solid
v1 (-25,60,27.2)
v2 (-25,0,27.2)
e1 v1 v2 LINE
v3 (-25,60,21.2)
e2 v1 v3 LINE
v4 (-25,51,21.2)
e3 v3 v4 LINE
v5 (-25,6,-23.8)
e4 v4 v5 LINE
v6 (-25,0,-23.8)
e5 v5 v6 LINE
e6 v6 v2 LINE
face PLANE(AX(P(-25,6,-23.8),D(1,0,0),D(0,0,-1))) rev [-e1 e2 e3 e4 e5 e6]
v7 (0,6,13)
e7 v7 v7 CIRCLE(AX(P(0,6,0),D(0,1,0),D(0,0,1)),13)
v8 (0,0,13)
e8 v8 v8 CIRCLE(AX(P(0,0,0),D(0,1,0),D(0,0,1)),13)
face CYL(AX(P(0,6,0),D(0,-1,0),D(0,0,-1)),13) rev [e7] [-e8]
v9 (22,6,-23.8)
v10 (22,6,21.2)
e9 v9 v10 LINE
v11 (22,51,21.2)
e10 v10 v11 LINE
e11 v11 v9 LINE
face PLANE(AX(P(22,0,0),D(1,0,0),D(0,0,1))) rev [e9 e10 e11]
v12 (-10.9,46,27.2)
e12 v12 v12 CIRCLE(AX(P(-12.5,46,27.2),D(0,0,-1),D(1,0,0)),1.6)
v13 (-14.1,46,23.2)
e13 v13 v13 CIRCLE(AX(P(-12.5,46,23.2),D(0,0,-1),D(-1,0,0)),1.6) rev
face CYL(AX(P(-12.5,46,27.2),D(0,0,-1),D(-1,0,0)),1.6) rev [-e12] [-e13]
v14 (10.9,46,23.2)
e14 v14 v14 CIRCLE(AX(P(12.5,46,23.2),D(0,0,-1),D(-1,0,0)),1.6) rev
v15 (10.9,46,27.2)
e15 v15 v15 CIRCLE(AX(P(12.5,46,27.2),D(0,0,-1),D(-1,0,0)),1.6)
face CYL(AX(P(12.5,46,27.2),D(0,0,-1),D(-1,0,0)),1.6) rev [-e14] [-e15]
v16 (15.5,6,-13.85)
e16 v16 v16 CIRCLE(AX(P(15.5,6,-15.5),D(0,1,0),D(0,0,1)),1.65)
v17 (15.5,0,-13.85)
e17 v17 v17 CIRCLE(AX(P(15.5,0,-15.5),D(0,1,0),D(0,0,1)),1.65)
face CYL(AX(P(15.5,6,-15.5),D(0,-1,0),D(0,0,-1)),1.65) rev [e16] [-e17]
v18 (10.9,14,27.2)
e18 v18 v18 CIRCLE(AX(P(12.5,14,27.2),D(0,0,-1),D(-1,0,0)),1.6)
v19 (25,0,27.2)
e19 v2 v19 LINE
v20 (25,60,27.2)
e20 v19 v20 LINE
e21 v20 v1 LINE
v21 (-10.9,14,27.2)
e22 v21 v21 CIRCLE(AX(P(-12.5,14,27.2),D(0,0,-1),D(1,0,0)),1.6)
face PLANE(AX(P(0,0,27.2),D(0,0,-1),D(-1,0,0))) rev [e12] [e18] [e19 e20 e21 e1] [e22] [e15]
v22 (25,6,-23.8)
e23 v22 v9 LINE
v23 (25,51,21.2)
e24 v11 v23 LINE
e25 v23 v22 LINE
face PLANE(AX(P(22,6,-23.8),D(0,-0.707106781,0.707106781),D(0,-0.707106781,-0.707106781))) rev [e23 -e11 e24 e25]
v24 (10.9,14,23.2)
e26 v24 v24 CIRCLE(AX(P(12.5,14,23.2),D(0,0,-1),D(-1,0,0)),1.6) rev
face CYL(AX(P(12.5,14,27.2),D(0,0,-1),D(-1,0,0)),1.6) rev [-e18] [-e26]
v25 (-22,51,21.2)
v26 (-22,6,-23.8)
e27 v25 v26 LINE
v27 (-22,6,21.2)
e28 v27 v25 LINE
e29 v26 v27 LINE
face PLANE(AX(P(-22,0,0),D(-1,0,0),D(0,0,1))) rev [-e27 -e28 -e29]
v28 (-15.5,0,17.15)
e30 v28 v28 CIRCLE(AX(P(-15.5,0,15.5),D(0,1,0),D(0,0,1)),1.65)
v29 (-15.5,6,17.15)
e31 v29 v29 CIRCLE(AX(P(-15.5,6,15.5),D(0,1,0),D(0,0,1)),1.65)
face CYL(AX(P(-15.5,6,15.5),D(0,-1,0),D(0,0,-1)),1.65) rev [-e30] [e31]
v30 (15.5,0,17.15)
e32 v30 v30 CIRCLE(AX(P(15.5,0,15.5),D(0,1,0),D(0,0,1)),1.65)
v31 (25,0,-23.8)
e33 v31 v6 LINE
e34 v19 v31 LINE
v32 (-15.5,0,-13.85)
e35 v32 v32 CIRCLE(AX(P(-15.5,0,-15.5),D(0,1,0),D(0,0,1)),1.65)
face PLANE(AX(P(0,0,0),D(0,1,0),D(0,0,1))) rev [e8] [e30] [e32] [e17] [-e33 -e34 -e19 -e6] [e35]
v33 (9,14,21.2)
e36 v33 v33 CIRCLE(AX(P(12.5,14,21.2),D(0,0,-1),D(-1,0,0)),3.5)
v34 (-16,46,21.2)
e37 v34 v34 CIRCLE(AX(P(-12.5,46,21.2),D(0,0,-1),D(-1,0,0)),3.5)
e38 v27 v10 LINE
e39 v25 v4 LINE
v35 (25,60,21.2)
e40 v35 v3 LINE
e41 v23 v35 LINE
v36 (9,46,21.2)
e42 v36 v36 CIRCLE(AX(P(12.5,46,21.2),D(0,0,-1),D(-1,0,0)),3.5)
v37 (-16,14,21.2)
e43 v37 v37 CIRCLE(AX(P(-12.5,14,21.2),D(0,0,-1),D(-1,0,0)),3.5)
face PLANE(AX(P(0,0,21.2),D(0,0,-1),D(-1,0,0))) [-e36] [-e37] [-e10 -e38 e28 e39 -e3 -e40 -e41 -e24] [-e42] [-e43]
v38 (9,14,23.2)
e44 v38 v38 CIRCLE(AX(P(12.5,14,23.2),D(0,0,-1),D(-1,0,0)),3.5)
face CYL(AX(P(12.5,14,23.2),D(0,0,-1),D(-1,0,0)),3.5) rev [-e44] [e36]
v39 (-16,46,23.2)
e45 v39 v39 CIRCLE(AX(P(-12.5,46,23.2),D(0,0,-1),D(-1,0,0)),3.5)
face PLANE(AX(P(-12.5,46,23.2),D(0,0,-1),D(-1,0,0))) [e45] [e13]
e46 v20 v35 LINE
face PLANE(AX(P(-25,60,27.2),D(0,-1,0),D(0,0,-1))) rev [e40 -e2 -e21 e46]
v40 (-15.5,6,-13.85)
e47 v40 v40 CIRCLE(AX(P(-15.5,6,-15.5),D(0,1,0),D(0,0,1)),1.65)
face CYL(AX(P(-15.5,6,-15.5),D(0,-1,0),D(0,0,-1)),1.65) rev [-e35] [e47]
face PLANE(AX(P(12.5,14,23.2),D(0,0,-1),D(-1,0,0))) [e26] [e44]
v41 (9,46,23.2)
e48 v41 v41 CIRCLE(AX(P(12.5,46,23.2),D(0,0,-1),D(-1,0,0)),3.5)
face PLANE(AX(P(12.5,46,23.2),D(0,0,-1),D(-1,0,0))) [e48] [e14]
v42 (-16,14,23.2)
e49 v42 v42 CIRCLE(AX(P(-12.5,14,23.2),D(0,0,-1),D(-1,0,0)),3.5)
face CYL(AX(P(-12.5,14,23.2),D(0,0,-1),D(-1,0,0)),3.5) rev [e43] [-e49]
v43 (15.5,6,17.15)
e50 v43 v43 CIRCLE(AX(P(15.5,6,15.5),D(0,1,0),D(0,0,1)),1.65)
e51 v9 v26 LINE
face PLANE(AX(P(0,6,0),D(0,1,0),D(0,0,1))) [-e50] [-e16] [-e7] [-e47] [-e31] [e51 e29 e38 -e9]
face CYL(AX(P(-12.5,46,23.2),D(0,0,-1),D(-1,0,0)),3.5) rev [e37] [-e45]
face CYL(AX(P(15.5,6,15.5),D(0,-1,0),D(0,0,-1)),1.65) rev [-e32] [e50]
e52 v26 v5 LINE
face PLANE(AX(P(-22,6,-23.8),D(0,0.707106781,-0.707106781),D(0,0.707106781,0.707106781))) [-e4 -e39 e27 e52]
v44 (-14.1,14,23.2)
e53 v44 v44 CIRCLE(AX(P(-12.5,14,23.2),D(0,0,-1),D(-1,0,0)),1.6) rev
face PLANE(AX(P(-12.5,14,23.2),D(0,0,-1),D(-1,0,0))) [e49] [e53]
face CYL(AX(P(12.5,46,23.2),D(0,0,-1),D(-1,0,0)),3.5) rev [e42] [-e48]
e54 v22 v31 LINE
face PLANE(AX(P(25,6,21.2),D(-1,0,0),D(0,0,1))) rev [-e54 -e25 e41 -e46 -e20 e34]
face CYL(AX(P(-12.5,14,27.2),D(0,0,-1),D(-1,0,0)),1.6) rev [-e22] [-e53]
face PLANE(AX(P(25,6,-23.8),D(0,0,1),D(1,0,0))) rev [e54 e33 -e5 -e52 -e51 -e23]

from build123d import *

# Parameters (mm, degrees)
SKETCH_1_W          = 50
SKETCH_1_H          = 45
SKETCH_1_R          = 1.65
SKETCH_1_R_2        = 13
EXTRUDE_1_DEPTH     = 6
SKETCH_3_W          = 50
SKETCH_3_H          = 60
EXTRUDE_2_DEPTH     = 6
EXTRUDE_3_DEPTH     = 3
SKETCH_5_R          = 1.6
CUT_EXTRUDE_1_DEPTH = 80.056941504
SKETCH_6_R          = 3.5
CUT_EXTRUDE_2_DEPTH = 2


with BuildPart() as part:
    # 草图1 → 凸台-拉伸1 (new body)
    with BuildSketch(Plane(origin=(0, 0, 0), x_dir=(1, 0, 0), z_dir=(0, 1, 0))):
        with Locations((0, 1.3)):
            Rectangle(SKETCH_1_W, SKETCH_1_H)
        with Locations(Location((-15.5, 15.5, 0), (0, 0, 270))):
            Circle(SKETCH_1_R, mode=Mode.SUBTRACT)
        with Locations(Location((15.5, 15.5, 0), (0, 0, 270))):
            Circle(SKETCH_1_R, mode=Mode.SUBTRACT)
        with Locations(Location((15.5, -15.5, 0), (0, 0, 270))):
            Circle(SKETCH_1_R, mode=Mode.SUBTRACT)
        with Locations(Location((-15.5, -15.5, 0), (0, 0, 270))):
            Circle(SKETCH_1_R, mode=Mode.SUBTRACT)
        with Locations(Location((0, 0, 0), (0, 0, 270))):
            Circle(SKETCH_1_R_2, mode=Mode.SUBTRACT)
    extrude(amount=EXTRUDE_1_DEPTH)

    # 草图3 → 凸台-拉伸2 (add)
    with BuildSketch(Plane.XY.offset(21.2)):
        with Locations((0, 30)):
            Rectangle(SKETCH_3_W, SKETCH_3_H)
    extrude(amount=EXTRUDE_2_DEPTH)

    # 草图4 → 凸台-拉伸3 (add)
    with BuildSketch(Plane.ZY.offset(25)):
        Polygon((-23.8, 6), (21.2, 51), (21.2, 6), align=None)
    extrude_3 = extrude(amount=-EXTRUDE_3_DEPTH)

    # 镜向1: 凸台-拉伸3 across plane
    add(extrude_3.mirror(Plane(origin=(0, 0, 0), x_dir=(0, 0, 1), z_dir=(1, 0, 0))))

    # 草图5 → 切除-拉伸1 (cut, through all)
    with BuildSketch(Plane(origin=(0, 0, 21.2), x_dir=(-1, 0, 0), z_dir=(0, 0, -1))):
        with Locations((-12.5, 46)):
            Circle(SKETCH_5_R)
        with Locations((-12.5, 14)):
            Circle(SKETCH_5_R)
        with Locations(Location((12.5, 14, 0), (0, 0, 180))):
            Circle(SKETCH_5_R)
        with Locations(Location((12.5, 46, 0), (0, 0, 180))):
            Circle(SKETCH_5_R)
    extrude(amount=-CUT_EXTRUDE_1_DEPTH, mode=Mode.SUBTRACT)

    # 草图6 → 切除-拉伸2 (cut)
    with BuildSketch(Plane(origin=(0, 0, 21.2), x_dir=(-1, 0, 0), z_dir=(0, 0, -1))):
        with Locations((-12.5, 46)):
            Circle(SKETCH_6_R)
        with Locations((12.5, 46)):
            Circle(SKETCH_6_R)
        with Locations((-12.5, 14)):
            Circle(SKETCH_6_R)
        with Locations((12.5, 14)):
            Circle(SKETCH_6_R)
    extrude(amount=-CUT_EXTRUDE_2_DEPTH, mode=Mode.SUBTRACT)


solid = part.part
